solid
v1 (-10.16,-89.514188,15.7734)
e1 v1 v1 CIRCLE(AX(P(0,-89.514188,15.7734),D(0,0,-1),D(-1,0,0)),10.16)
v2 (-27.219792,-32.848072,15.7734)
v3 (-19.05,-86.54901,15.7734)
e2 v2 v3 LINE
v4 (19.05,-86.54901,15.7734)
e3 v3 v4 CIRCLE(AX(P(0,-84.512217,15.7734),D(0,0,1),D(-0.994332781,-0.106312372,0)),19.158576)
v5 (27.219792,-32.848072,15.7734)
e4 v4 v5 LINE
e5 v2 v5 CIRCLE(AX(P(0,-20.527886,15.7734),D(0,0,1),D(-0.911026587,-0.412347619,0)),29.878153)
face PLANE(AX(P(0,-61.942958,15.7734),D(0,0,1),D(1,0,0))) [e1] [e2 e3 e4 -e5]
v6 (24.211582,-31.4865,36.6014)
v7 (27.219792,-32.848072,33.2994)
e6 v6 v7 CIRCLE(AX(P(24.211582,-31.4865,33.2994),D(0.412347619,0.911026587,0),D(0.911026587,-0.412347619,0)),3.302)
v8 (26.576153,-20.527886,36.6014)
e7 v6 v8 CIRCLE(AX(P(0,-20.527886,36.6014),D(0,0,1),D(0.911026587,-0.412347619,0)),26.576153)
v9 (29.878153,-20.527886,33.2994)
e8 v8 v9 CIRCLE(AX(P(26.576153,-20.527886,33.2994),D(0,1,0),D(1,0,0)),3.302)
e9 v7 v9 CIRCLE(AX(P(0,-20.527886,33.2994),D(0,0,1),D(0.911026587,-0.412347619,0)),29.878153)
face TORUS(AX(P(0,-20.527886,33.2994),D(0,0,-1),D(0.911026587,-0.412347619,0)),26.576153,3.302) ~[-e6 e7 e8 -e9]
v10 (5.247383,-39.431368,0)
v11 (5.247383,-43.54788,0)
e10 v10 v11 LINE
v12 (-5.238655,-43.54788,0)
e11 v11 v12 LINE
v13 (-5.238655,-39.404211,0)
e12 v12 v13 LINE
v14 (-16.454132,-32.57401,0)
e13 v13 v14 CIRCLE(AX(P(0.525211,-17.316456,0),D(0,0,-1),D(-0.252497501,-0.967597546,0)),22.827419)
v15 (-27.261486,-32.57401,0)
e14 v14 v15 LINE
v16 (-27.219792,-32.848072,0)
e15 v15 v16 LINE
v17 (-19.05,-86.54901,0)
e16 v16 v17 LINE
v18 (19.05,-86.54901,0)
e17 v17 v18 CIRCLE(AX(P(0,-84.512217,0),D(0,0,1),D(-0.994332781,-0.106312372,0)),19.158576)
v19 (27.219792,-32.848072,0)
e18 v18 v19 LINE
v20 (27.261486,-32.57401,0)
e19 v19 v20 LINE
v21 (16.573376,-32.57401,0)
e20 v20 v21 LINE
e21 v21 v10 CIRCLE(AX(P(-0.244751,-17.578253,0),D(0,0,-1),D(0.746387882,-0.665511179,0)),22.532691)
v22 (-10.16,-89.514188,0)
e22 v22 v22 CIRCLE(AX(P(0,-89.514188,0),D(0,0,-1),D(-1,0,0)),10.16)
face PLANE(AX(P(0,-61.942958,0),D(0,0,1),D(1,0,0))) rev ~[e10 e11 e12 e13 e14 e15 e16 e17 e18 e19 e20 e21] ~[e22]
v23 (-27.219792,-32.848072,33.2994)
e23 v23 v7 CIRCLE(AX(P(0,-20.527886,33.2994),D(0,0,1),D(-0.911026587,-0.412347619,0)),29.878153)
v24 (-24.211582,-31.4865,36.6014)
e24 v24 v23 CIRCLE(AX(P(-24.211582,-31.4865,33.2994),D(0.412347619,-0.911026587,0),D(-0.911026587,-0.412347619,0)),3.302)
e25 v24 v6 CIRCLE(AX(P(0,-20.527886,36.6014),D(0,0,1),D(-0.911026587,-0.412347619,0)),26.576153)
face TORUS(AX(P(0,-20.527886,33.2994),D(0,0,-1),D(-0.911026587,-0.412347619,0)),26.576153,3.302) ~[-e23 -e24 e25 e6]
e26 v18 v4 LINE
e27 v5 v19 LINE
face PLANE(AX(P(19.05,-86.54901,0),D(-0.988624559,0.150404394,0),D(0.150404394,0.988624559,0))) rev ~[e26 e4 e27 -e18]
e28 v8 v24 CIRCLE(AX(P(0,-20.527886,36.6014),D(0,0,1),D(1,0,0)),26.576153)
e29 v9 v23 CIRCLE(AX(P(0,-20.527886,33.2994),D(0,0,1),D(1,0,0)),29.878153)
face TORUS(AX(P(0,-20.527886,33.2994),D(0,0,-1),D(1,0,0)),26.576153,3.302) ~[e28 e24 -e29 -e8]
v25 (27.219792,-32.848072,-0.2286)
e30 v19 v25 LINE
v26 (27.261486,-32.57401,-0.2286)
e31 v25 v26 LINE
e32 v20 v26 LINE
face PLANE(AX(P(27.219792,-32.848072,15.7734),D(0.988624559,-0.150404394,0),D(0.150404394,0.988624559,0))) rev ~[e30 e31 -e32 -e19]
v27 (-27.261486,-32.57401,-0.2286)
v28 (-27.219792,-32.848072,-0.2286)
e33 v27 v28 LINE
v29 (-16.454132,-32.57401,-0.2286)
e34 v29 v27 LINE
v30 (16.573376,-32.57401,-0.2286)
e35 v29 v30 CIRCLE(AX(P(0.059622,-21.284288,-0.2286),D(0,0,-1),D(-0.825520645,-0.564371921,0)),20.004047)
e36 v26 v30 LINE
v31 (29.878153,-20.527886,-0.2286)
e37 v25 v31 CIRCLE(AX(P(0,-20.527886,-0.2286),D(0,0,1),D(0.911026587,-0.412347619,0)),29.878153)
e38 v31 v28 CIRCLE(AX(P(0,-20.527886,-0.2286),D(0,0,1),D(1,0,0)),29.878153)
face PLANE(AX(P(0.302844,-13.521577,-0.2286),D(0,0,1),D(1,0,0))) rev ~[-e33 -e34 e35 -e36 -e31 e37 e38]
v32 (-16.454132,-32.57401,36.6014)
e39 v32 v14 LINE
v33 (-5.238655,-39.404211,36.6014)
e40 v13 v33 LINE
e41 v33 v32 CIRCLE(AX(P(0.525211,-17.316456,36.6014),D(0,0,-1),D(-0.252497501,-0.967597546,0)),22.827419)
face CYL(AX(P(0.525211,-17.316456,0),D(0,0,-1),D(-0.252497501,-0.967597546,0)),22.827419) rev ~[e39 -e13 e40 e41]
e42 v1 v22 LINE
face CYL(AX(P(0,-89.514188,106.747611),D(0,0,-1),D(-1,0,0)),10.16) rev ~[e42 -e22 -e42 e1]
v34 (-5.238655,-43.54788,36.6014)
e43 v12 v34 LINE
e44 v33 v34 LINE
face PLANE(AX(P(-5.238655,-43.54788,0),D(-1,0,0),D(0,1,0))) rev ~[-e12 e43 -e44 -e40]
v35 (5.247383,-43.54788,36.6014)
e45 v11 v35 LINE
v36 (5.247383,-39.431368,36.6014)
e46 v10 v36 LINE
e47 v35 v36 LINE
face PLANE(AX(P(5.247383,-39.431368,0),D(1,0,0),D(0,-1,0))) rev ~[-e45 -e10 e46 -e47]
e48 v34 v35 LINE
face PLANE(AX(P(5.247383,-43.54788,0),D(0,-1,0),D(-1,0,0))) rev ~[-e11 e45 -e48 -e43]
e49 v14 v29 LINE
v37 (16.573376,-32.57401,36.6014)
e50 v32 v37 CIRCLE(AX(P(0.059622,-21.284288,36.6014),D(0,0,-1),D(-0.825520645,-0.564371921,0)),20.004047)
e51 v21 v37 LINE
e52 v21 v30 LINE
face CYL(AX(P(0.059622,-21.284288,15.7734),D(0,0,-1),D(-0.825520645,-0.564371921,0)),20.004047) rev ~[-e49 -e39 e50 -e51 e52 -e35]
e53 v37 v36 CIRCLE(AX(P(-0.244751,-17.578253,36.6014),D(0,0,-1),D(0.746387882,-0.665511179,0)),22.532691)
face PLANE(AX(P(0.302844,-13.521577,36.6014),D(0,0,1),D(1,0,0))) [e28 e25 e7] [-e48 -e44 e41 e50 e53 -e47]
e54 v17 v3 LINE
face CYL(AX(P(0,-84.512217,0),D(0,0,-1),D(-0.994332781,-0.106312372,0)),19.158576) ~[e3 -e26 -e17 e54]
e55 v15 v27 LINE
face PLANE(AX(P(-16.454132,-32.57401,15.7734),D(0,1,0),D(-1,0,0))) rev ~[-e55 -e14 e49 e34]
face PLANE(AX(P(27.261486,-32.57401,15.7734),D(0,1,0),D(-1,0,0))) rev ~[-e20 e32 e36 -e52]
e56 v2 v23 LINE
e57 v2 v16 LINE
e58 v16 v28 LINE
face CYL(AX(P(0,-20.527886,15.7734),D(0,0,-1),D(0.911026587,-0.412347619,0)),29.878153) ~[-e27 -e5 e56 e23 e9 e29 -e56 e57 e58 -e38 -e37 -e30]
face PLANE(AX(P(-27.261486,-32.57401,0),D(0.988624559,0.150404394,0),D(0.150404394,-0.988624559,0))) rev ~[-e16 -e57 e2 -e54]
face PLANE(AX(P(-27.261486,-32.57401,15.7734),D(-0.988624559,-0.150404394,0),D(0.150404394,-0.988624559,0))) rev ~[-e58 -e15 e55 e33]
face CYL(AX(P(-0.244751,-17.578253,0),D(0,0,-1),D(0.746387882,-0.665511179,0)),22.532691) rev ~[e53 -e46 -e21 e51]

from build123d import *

# Parameters (mm, degrees)
F1_DEPTH = 15.7734
F3_D     = 20.32
F5_DEPTH = 20.828
F6_DEPTH = 16.002
F8_R     = 3.302
F9_DEPTH = 39.37


with BuildPart() as f1:
    # F0 (on Top) → F1 (new body)
    with BuildSketch(Plane.XY):
        with BuildLine():
            Line((27.2614864262, -32.5740104774), (-27.2614864262, -32.5740104774))
            Line((-27.2614864262, -32.5740104774), (-19.05, -86.5490104774))
            ThreePointArc((-19.05, -86.5490104774), (0, -103.6707926836), (19.05, -86.5490104774))
            Line((19.05, -86.5490104774), (27.2614864262, -32.5740104774))
        make_face()
    extrude(amount=F1_DEPTH)

    # F3 (through all)
    with Locations(Plane.XY.offset(15.7734)):
        with Locations((0, -89.5141884685)):
            Hole(F3_D / 2)

    # F4 (on face) → F5 (join)
    with BuildSketch(Plane.XY.offset(15.7734)):
        with BuildLine():
            ThreePointArc((27.2197921324, -32.8480716384), (29.2060026188, -26.8297481215), (29.8781534287, -20.5278862268))
            ThreePointArc((29.8781534287, -20.5278862268), (-6.3018618947, 8.678116392), (-27.2197921324, -32.8480716384))
            Line((-27.2197921324, -32.8480716384), (-27.2614864262, -32.5740104774))
            Line((-27.2614864262, -32.5740104774), (-16.4541315907, -32.5740104774))
            ThreePointArc((-16.4541315907, -32.5740104774), (0.0596223919, -1.2802406646), (16.5733763745, -32.5740104774))
            Line((16.5733763745, -32.5740104774), (27.2614864262, -32.5740104774))
            Line((27.2614864262, -32.5740104774), (27.2197921324, -32.8480716384))
        make_face()
        with BuildLine():
            Line((-27.2614864262, -32.5740104774), (-27.2197921324, -32.8480716384))
            ThreePointArc((-27.2197921324, -32.8480716384), (0, -50.4060396555), (27.2197921324, -32.8480716384))
            Line((27.2197921324, -32.8480716384), (27.2614864262, -32.5740104774))
            Line((27.2614864262, -32.5740104774), (16.5733763745, -32.5740104774))
            Line((16.5733763745, -32.5740104774), (-16.4541315907, -32.5740104774))
            Line((-16.4541315907, -32.5740104774), (-27.2614864262, -32.5740104774))
        make_face()
    extrude(amount=F5_DEPTH)

    # F6 (add): a face of the model
    f6_faces = [f1.faces().sort_by_distance(p)[0] for p in [
        (-21.8578090084, -31.8424699105, 15.7734),
    ]]
    extrude(f6_faces, amount=F6_DEPTH)

    # F8
    f8_edges = [f1.edges().sort_by_distance(p)[0] for p in [
        (-29.878153, -20.527886, 36.6014),
    ]]
    fillet(f8_edges, radius=F8_R)

    # F7 (on face) → F9 (cut)
    with BuildSketch(Plane(origin=(0, 0, 0), x_dir=(1, 0, 0), z_dir=(0, 0, -1))):
        with BuildLine():
            Line((-5.2386547938, 43.5478799045), (-5.2386547938, 39.4042106377))
            ThreePointArc((-5.2386547938, 39.4042106377), (-11.348132673, 36.8129879511), (-16.4541315907, 32.5740104774))
            Line((-16.4541315907, 32.5740104774), (16.5733763745, 32.5740104774))
            ThreePointArc((16.5733763745, 32.5740104774), (11.4254150287, 36.8533502525), (5.2473828261, 39.43136752))
            Line((5.2473828261, 39.43136752), (5.2473828261, 43.5478799045))
            Line((5.2473828261, 43.5478799045), (-5.2386547938, 43.5478799045))
        make_face()
    extrude(amount=-F9_DEPTH, mode=Mode.SUBTRACT)


solid = f1.part
